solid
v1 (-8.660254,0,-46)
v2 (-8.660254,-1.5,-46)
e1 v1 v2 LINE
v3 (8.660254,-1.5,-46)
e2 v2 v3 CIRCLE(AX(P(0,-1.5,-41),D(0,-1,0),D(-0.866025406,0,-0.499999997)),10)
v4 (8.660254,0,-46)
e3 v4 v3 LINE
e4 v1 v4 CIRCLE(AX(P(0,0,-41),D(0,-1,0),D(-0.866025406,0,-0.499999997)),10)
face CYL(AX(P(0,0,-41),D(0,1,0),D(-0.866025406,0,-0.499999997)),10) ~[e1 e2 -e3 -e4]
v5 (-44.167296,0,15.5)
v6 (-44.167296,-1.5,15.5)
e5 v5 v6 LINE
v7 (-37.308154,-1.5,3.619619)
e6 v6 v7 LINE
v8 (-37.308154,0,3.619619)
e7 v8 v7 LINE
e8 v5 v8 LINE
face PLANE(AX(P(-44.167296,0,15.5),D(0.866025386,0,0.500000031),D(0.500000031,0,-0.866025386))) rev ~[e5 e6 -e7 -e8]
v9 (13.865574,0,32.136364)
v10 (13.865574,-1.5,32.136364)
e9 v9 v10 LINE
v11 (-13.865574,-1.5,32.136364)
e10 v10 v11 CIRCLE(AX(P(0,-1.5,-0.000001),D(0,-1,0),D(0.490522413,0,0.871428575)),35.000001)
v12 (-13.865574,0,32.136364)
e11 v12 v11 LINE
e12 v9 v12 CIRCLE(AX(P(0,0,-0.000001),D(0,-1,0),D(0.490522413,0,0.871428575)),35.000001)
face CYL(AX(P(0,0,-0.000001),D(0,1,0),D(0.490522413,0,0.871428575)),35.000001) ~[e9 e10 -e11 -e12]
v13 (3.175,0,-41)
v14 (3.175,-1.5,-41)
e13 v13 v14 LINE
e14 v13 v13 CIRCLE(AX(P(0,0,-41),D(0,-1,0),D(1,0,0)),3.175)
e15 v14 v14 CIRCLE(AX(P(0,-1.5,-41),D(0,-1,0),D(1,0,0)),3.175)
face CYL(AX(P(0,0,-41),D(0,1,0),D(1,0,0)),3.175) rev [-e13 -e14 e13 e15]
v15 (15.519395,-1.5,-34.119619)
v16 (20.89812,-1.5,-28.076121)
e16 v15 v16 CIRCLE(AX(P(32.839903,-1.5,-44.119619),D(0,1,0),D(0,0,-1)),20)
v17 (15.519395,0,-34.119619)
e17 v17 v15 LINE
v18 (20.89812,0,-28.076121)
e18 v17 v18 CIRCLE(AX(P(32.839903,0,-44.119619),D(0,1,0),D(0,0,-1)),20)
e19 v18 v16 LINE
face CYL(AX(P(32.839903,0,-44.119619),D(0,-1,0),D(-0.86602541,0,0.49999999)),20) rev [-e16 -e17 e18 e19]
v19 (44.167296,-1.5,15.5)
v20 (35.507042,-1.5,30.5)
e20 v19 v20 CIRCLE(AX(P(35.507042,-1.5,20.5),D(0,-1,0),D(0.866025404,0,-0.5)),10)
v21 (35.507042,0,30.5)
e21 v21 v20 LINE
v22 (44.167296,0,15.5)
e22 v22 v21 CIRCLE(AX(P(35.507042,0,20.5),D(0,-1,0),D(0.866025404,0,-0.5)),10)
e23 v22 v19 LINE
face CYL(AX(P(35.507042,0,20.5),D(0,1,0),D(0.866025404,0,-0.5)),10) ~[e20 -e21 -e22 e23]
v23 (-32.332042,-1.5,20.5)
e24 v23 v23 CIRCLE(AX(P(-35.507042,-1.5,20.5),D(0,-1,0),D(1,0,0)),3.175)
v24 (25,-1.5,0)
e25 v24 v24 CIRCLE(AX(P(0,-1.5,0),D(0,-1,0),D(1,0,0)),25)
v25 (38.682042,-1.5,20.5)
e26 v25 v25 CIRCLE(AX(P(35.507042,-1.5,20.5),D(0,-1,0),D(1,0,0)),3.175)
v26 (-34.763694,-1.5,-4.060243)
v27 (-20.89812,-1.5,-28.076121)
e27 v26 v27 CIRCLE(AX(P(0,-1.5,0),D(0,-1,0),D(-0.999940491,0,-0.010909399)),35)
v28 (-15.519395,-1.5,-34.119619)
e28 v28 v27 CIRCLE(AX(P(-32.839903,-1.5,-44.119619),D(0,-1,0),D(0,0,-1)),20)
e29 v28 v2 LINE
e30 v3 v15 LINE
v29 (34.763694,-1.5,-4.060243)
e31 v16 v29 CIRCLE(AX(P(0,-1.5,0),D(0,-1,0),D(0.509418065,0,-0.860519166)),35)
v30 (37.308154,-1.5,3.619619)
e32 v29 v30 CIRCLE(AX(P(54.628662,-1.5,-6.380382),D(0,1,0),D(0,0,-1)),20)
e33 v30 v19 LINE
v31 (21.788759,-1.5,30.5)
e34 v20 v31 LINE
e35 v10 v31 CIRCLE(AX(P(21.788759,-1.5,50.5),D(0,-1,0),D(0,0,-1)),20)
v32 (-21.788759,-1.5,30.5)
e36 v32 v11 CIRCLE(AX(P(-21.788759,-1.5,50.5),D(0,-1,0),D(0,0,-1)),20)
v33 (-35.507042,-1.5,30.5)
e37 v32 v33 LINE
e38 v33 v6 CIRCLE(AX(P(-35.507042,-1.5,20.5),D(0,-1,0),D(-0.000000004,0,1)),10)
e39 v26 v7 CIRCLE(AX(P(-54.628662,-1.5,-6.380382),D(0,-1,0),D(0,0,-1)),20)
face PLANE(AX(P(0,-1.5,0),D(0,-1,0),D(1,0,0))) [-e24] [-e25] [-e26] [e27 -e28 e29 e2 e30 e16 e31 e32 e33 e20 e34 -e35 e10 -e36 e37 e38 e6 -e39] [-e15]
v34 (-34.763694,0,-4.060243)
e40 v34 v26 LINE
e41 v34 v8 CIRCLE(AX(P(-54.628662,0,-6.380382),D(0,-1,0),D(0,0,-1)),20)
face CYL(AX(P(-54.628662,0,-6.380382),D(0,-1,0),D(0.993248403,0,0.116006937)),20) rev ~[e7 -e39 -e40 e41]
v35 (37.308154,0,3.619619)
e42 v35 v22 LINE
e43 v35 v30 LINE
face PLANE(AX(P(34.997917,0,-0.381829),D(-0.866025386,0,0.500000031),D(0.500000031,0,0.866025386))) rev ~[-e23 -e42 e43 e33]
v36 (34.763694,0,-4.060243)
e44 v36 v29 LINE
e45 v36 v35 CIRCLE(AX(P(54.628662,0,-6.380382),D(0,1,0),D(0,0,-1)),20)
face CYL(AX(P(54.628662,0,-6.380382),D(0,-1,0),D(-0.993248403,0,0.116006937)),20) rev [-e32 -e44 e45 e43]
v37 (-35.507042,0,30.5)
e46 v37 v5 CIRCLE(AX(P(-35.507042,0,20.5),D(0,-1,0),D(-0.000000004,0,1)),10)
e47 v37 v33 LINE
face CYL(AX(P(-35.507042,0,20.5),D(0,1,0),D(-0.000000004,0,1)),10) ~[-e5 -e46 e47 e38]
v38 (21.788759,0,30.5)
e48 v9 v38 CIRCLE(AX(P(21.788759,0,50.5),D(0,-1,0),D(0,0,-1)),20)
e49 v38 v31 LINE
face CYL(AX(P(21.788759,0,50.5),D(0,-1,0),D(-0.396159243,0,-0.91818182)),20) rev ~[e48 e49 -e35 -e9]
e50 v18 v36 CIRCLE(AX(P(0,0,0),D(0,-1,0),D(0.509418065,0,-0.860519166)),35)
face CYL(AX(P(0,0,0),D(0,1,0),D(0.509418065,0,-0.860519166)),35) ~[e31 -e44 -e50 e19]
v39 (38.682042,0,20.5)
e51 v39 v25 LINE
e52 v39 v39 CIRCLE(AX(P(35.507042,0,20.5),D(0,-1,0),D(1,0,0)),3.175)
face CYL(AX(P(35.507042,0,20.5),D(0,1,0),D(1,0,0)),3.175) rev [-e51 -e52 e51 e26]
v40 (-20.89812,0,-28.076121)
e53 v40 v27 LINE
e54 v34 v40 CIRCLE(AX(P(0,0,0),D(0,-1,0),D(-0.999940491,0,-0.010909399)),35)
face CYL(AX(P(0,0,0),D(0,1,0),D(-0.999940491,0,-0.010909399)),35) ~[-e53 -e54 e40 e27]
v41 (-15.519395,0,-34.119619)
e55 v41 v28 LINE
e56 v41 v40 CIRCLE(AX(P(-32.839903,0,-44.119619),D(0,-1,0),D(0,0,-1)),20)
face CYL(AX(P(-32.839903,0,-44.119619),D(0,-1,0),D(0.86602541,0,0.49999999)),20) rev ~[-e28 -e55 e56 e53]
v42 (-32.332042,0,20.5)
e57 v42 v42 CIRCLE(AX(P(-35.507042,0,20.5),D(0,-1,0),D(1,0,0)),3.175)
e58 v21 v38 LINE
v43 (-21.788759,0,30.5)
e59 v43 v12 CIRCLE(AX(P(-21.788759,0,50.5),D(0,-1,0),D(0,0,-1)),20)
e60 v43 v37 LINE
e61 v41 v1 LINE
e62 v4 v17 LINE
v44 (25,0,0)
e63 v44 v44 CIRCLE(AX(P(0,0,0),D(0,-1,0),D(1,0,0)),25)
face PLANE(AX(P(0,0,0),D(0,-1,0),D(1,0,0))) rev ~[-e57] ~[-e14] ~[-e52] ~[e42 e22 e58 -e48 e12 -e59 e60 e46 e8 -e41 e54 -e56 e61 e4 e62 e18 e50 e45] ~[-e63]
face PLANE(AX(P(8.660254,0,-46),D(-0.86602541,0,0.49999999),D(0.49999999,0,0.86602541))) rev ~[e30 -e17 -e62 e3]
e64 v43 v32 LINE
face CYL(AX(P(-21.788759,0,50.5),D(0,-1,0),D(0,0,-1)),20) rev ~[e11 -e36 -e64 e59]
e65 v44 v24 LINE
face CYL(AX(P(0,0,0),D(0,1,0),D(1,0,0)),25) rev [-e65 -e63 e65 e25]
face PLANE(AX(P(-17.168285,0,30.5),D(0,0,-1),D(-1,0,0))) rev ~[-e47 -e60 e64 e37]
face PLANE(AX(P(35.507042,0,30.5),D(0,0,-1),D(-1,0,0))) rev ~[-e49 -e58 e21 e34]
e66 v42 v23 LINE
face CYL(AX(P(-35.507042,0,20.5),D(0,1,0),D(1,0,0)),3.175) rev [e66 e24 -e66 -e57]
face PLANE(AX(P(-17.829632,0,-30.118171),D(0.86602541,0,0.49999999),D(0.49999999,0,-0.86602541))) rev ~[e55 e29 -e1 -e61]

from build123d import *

# Parameters (mm, degrees)
F0_R     = 3.175
F0_R_2   = 25
F1_DEPTH = 1.5
F2_R     = 20


with BuildPart() as f1:
    # F0 (on Front) → F1 (new body)
    with BuildSketch(Plane.XZ):
        with BuildLine():
            Line((-17.829632, -30.118171), (-8.660254, -46))
            ThreePointArc((-8.660254, -46), (0, -51), (8.660254, -46))
            Line((8.660254, -46), (17.829632, -30.118171))
            ThreePointArc((17.829632, -30.118171), (30.310889, -17.5), (34.997917, -0.381829))
            Line((34.997917, -0.381829), (44.167296, 15.5))
            ThreePointArc((44.167296, 15.5), (44.167296, 25.5), (35.507042, 30.5))
            Line((35.507042, 30.5), (17.168285, 30.5))
            ThreePointArc((17.168285, 30.5), (0, 35), (-17.168285, 30.5))
            Line((-17.168285, 30.5), (-35.507042, 30.5))
            ThreePointArc((-35.507042, 30.5), (-44.167296, 25.5), (-44.167296, 15.5))
            Line((-44.167296, 15.5), (-34.997917, -0.381829))
            ThreePointArc((-34.997917, -0.381829), (-30.310889, -17.5), (-17.829632, -30.118171))
        make_face()
        with Locations((0, -41)):
            Circle(F0_R, mode=Mode.SUBTRACT)
        with Locations((-35.507042, 20.5)):
            Circle(F0_R, mode=Mode.SUBTRACT)
        Circle(F0_R_2, mode=Mode.SUBTRACT)
        with Locations((35.507042, 20.5)):
            Circle(F0_R, mode=Mode.SUBTRACT)
    extrude(amount=F1_DEPTH)

    # F2
    f2_edges = [f1.edges().sort_by_distance(p)[0] for p in [
        (34.997917, -0.75, -0.381829),
        (17.168285, -0.75, 30.5),
        (-17.168285, -0.75, 30.5),
        (-34.997917, -0.75, -0.381829),
        (-17.829632, -0.75, -30.118171),
        (17.829632, -0.75, -30.118171),
    ]]
    fillet(f2_edges, radius=F2_R)


solid = f1.part
